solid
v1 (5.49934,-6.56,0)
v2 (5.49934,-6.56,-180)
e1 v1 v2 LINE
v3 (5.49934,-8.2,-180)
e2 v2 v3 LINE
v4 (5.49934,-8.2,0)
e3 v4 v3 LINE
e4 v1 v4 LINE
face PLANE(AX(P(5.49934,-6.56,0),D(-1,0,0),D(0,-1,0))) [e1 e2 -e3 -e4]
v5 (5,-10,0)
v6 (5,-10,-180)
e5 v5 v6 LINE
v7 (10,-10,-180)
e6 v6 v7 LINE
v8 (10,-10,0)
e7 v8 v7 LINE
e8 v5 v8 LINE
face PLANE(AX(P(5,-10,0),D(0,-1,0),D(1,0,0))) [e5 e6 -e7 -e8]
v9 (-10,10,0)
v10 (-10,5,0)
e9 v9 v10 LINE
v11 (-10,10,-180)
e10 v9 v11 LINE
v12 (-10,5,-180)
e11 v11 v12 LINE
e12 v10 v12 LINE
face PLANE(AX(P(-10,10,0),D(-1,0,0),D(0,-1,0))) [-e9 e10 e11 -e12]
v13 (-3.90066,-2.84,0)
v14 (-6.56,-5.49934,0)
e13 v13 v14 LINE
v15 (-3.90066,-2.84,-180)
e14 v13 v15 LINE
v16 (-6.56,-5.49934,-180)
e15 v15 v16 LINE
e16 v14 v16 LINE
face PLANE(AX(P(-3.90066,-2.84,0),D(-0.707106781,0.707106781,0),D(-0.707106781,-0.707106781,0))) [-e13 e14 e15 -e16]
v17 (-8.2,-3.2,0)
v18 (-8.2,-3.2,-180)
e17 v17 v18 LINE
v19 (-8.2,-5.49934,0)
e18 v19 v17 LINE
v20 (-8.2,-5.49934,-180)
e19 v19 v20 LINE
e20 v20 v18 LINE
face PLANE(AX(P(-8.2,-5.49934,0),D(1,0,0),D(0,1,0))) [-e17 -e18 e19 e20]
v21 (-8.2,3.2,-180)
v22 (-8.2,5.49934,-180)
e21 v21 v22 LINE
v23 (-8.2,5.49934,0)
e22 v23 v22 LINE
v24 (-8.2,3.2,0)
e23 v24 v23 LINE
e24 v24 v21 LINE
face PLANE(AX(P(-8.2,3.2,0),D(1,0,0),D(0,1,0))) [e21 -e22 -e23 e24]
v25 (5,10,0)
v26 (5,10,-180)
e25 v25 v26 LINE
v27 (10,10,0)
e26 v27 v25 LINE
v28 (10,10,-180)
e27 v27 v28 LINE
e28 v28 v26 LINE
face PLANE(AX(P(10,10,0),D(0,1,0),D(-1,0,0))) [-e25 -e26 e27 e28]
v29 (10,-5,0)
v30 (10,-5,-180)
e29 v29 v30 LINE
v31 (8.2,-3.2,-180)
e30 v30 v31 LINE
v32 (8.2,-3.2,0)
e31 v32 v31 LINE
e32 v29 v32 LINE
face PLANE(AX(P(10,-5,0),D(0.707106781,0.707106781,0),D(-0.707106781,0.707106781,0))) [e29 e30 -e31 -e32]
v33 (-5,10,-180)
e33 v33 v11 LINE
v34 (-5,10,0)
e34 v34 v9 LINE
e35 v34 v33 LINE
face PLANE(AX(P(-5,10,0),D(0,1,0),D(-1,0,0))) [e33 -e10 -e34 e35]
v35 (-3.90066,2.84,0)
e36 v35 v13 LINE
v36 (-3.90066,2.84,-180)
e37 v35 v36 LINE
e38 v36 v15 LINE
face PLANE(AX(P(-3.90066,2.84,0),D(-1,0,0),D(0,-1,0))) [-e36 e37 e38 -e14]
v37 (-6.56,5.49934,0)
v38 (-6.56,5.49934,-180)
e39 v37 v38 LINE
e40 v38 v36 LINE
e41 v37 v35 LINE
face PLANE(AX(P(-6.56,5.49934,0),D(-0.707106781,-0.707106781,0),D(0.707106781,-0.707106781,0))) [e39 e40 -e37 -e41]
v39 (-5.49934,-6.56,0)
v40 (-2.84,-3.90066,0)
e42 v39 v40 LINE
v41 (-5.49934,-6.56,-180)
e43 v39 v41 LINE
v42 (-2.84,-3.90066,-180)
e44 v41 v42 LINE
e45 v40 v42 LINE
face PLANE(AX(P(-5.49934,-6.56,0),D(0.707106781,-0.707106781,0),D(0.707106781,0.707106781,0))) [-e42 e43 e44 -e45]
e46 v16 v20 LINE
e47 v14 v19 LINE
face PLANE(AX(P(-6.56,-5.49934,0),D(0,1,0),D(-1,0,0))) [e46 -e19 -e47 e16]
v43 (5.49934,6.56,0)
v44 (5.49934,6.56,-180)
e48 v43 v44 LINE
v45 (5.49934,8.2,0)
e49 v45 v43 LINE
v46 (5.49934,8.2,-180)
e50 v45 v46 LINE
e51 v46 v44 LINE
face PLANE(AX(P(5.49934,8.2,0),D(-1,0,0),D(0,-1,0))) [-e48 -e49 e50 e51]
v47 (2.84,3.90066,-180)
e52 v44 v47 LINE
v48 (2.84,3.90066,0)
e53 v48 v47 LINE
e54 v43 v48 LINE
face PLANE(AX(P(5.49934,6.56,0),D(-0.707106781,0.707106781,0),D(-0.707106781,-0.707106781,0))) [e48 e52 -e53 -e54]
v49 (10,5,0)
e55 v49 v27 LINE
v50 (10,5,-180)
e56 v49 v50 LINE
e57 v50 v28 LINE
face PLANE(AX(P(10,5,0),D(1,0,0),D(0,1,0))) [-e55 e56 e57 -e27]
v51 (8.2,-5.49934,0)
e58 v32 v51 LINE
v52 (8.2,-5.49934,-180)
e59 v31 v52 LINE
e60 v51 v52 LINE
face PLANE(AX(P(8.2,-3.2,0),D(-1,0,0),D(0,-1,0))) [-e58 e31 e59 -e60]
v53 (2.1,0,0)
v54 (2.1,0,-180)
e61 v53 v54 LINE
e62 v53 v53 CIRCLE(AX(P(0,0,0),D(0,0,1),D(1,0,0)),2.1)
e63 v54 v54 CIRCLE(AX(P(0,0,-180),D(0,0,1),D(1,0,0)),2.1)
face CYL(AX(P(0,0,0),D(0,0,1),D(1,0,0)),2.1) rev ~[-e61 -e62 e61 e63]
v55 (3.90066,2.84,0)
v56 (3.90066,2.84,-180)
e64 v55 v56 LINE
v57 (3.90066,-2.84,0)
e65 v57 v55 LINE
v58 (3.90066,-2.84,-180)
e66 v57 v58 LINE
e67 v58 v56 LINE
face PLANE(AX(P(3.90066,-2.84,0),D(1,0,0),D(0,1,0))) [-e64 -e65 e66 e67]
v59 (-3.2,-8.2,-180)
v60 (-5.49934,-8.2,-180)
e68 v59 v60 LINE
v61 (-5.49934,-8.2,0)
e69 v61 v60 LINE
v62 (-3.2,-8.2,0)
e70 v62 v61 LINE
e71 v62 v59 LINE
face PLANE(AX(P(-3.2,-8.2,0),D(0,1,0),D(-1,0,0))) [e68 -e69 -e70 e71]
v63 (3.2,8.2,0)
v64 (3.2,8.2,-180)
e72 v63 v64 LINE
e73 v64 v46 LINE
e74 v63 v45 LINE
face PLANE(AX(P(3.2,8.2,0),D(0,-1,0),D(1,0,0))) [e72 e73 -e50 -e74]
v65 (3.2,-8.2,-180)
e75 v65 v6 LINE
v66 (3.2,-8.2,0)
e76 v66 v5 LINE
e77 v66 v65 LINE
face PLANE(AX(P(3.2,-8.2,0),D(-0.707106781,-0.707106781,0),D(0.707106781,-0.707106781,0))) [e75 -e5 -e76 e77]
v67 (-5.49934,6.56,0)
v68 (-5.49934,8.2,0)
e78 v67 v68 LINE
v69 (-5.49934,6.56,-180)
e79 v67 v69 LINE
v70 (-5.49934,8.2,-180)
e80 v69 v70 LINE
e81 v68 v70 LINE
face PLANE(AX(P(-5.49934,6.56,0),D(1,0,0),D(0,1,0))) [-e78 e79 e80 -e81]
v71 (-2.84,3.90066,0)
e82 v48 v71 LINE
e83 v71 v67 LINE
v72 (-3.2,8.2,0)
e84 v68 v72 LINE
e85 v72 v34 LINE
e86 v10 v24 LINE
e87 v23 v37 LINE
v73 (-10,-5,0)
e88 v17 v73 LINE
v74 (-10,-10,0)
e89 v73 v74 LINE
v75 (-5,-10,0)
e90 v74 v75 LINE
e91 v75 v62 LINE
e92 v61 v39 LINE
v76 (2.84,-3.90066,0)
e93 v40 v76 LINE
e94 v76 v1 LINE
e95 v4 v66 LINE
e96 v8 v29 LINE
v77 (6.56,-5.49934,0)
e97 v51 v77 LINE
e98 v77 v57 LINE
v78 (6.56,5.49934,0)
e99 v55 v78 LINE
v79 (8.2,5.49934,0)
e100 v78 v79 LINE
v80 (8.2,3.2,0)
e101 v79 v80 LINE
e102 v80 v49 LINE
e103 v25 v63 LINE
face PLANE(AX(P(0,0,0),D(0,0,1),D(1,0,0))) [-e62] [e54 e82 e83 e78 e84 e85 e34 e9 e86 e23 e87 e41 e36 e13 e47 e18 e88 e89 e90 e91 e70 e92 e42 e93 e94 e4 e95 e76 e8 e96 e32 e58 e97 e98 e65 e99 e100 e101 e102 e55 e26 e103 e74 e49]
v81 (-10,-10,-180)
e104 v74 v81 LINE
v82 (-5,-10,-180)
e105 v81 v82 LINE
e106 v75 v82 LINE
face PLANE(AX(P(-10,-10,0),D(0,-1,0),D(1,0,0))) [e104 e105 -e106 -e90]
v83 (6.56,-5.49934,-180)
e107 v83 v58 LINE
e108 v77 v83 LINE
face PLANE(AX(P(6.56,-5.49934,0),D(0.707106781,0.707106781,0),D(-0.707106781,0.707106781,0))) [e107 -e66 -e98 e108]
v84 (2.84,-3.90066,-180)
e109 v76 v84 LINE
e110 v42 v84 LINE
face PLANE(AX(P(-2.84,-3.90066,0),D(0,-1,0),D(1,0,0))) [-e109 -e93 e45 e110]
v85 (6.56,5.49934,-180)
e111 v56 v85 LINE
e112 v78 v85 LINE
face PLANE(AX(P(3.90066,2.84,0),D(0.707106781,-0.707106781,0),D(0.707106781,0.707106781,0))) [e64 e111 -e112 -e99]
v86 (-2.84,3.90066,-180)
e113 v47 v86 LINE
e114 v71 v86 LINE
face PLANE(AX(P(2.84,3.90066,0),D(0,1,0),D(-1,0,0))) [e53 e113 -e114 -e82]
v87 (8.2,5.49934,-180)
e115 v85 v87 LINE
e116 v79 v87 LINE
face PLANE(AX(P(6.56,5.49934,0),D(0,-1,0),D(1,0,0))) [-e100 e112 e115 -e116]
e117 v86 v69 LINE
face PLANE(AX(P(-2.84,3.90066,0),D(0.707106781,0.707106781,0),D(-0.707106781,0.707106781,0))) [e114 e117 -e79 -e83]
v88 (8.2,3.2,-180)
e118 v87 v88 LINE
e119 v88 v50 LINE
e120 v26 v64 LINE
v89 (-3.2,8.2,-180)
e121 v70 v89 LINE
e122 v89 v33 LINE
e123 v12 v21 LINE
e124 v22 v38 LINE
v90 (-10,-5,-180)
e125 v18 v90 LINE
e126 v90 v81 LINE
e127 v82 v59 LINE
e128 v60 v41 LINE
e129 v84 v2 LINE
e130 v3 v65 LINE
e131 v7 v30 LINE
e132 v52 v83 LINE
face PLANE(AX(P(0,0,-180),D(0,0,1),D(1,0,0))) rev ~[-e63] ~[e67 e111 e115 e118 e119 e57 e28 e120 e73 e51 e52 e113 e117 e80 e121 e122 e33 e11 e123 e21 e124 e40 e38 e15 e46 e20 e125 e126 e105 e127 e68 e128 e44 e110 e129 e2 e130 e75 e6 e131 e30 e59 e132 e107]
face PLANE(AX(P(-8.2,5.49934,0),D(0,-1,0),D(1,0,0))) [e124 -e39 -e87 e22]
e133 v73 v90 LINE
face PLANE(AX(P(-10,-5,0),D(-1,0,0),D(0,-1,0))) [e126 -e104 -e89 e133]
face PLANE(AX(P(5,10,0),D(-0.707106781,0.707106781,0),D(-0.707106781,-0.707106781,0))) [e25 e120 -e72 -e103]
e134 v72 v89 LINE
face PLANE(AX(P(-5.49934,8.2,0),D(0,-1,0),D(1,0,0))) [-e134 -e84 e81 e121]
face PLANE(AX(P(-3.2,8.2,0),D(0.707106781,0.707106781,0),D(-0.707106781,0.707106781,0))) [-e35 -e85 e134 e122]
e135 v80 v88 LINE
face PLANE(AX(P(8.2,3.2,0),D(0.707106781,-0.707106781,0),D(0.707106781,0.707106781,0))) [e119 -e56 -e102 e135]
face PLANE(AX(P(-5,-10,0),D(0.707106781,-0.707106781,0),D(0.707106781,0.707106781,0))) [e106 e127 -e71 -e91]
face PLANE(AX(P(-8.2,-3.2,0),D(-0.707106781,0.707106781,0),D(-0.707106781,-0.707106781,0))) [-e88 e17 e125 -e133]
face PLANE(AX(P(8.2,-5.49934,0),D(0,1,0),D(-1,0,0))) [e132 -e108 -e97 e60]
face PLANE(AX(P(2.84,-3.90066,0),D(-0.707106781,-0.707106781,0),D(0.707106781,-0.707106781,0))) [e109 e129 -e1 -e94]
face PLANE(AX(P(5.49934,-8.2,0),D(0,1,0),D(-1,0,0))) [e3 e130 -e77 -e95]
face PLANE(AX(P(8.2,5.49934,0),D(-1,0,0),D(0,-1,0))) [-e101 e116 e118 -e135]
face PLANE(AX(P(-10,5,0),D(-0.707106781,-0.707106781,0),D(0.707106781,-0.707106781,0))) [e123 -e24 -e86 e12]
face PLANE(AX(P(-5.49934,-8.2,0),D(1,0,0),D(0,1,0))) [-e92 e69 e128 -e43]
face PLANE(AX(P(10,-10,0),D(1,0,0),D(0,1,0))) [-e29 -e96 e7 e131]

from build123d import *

# Parameters (mm, degrees)
SKETCH1_R           = 2.1
BOSS_EXTRUDE1_DEPTH = 180


with BuildPart() as part:
    # Sketch1 → Boss-Extrude1 (new body)
    with BuildSketch(Plane.XY):
        Polygon((-10, 10), (-10, 5), (-8.2, 3.2), (-8.2, 5.499339828), (-6.56, 5.499339828), (-3.900660172, 2.84), (-3.900660172, -2.84), (-6.56, -5.499339828), (-8.2, -5.499339828), (-8.2, -3.2), (-10, -5), (-10, -10), (-5, -10), (-3.2, -8.2), (-5.499339828, -8.2), (-5.499339828, -6.56), (-2.84, -3.900660172), (2.84, -3.900660172), (5.499339828, -6.56), (5.499339828, -8.2), (3.2, -8.2), (5, -10), (10, -10), (10, -5), (8.2, -3.2), (8.2, -5.499339828), (6.56, -5.499339828), (3.900660172, -2.84), (3.900660172, 2.84), (6.56, 5.499339828), (8.2, 5.499339828), (8.2, 3.2), (10, 5), (10, 10), (5, 10), (3.2, 8.2), (5.499339828, 8.2), (5.499339828, 6.56), (2.84, 3.900660172), (-2.84, 3.900660172), (-5.499339828, 6.56), (-5.499339828, 8.2), (-3.2, 8.2), (-5, 10), align=None)
        Circle(SKETCH1_R, mode=Mode.SUBTRACT)
    extrude(amount=-BOSS_EXTRUDE1_DEPTH)


solid = part.part
